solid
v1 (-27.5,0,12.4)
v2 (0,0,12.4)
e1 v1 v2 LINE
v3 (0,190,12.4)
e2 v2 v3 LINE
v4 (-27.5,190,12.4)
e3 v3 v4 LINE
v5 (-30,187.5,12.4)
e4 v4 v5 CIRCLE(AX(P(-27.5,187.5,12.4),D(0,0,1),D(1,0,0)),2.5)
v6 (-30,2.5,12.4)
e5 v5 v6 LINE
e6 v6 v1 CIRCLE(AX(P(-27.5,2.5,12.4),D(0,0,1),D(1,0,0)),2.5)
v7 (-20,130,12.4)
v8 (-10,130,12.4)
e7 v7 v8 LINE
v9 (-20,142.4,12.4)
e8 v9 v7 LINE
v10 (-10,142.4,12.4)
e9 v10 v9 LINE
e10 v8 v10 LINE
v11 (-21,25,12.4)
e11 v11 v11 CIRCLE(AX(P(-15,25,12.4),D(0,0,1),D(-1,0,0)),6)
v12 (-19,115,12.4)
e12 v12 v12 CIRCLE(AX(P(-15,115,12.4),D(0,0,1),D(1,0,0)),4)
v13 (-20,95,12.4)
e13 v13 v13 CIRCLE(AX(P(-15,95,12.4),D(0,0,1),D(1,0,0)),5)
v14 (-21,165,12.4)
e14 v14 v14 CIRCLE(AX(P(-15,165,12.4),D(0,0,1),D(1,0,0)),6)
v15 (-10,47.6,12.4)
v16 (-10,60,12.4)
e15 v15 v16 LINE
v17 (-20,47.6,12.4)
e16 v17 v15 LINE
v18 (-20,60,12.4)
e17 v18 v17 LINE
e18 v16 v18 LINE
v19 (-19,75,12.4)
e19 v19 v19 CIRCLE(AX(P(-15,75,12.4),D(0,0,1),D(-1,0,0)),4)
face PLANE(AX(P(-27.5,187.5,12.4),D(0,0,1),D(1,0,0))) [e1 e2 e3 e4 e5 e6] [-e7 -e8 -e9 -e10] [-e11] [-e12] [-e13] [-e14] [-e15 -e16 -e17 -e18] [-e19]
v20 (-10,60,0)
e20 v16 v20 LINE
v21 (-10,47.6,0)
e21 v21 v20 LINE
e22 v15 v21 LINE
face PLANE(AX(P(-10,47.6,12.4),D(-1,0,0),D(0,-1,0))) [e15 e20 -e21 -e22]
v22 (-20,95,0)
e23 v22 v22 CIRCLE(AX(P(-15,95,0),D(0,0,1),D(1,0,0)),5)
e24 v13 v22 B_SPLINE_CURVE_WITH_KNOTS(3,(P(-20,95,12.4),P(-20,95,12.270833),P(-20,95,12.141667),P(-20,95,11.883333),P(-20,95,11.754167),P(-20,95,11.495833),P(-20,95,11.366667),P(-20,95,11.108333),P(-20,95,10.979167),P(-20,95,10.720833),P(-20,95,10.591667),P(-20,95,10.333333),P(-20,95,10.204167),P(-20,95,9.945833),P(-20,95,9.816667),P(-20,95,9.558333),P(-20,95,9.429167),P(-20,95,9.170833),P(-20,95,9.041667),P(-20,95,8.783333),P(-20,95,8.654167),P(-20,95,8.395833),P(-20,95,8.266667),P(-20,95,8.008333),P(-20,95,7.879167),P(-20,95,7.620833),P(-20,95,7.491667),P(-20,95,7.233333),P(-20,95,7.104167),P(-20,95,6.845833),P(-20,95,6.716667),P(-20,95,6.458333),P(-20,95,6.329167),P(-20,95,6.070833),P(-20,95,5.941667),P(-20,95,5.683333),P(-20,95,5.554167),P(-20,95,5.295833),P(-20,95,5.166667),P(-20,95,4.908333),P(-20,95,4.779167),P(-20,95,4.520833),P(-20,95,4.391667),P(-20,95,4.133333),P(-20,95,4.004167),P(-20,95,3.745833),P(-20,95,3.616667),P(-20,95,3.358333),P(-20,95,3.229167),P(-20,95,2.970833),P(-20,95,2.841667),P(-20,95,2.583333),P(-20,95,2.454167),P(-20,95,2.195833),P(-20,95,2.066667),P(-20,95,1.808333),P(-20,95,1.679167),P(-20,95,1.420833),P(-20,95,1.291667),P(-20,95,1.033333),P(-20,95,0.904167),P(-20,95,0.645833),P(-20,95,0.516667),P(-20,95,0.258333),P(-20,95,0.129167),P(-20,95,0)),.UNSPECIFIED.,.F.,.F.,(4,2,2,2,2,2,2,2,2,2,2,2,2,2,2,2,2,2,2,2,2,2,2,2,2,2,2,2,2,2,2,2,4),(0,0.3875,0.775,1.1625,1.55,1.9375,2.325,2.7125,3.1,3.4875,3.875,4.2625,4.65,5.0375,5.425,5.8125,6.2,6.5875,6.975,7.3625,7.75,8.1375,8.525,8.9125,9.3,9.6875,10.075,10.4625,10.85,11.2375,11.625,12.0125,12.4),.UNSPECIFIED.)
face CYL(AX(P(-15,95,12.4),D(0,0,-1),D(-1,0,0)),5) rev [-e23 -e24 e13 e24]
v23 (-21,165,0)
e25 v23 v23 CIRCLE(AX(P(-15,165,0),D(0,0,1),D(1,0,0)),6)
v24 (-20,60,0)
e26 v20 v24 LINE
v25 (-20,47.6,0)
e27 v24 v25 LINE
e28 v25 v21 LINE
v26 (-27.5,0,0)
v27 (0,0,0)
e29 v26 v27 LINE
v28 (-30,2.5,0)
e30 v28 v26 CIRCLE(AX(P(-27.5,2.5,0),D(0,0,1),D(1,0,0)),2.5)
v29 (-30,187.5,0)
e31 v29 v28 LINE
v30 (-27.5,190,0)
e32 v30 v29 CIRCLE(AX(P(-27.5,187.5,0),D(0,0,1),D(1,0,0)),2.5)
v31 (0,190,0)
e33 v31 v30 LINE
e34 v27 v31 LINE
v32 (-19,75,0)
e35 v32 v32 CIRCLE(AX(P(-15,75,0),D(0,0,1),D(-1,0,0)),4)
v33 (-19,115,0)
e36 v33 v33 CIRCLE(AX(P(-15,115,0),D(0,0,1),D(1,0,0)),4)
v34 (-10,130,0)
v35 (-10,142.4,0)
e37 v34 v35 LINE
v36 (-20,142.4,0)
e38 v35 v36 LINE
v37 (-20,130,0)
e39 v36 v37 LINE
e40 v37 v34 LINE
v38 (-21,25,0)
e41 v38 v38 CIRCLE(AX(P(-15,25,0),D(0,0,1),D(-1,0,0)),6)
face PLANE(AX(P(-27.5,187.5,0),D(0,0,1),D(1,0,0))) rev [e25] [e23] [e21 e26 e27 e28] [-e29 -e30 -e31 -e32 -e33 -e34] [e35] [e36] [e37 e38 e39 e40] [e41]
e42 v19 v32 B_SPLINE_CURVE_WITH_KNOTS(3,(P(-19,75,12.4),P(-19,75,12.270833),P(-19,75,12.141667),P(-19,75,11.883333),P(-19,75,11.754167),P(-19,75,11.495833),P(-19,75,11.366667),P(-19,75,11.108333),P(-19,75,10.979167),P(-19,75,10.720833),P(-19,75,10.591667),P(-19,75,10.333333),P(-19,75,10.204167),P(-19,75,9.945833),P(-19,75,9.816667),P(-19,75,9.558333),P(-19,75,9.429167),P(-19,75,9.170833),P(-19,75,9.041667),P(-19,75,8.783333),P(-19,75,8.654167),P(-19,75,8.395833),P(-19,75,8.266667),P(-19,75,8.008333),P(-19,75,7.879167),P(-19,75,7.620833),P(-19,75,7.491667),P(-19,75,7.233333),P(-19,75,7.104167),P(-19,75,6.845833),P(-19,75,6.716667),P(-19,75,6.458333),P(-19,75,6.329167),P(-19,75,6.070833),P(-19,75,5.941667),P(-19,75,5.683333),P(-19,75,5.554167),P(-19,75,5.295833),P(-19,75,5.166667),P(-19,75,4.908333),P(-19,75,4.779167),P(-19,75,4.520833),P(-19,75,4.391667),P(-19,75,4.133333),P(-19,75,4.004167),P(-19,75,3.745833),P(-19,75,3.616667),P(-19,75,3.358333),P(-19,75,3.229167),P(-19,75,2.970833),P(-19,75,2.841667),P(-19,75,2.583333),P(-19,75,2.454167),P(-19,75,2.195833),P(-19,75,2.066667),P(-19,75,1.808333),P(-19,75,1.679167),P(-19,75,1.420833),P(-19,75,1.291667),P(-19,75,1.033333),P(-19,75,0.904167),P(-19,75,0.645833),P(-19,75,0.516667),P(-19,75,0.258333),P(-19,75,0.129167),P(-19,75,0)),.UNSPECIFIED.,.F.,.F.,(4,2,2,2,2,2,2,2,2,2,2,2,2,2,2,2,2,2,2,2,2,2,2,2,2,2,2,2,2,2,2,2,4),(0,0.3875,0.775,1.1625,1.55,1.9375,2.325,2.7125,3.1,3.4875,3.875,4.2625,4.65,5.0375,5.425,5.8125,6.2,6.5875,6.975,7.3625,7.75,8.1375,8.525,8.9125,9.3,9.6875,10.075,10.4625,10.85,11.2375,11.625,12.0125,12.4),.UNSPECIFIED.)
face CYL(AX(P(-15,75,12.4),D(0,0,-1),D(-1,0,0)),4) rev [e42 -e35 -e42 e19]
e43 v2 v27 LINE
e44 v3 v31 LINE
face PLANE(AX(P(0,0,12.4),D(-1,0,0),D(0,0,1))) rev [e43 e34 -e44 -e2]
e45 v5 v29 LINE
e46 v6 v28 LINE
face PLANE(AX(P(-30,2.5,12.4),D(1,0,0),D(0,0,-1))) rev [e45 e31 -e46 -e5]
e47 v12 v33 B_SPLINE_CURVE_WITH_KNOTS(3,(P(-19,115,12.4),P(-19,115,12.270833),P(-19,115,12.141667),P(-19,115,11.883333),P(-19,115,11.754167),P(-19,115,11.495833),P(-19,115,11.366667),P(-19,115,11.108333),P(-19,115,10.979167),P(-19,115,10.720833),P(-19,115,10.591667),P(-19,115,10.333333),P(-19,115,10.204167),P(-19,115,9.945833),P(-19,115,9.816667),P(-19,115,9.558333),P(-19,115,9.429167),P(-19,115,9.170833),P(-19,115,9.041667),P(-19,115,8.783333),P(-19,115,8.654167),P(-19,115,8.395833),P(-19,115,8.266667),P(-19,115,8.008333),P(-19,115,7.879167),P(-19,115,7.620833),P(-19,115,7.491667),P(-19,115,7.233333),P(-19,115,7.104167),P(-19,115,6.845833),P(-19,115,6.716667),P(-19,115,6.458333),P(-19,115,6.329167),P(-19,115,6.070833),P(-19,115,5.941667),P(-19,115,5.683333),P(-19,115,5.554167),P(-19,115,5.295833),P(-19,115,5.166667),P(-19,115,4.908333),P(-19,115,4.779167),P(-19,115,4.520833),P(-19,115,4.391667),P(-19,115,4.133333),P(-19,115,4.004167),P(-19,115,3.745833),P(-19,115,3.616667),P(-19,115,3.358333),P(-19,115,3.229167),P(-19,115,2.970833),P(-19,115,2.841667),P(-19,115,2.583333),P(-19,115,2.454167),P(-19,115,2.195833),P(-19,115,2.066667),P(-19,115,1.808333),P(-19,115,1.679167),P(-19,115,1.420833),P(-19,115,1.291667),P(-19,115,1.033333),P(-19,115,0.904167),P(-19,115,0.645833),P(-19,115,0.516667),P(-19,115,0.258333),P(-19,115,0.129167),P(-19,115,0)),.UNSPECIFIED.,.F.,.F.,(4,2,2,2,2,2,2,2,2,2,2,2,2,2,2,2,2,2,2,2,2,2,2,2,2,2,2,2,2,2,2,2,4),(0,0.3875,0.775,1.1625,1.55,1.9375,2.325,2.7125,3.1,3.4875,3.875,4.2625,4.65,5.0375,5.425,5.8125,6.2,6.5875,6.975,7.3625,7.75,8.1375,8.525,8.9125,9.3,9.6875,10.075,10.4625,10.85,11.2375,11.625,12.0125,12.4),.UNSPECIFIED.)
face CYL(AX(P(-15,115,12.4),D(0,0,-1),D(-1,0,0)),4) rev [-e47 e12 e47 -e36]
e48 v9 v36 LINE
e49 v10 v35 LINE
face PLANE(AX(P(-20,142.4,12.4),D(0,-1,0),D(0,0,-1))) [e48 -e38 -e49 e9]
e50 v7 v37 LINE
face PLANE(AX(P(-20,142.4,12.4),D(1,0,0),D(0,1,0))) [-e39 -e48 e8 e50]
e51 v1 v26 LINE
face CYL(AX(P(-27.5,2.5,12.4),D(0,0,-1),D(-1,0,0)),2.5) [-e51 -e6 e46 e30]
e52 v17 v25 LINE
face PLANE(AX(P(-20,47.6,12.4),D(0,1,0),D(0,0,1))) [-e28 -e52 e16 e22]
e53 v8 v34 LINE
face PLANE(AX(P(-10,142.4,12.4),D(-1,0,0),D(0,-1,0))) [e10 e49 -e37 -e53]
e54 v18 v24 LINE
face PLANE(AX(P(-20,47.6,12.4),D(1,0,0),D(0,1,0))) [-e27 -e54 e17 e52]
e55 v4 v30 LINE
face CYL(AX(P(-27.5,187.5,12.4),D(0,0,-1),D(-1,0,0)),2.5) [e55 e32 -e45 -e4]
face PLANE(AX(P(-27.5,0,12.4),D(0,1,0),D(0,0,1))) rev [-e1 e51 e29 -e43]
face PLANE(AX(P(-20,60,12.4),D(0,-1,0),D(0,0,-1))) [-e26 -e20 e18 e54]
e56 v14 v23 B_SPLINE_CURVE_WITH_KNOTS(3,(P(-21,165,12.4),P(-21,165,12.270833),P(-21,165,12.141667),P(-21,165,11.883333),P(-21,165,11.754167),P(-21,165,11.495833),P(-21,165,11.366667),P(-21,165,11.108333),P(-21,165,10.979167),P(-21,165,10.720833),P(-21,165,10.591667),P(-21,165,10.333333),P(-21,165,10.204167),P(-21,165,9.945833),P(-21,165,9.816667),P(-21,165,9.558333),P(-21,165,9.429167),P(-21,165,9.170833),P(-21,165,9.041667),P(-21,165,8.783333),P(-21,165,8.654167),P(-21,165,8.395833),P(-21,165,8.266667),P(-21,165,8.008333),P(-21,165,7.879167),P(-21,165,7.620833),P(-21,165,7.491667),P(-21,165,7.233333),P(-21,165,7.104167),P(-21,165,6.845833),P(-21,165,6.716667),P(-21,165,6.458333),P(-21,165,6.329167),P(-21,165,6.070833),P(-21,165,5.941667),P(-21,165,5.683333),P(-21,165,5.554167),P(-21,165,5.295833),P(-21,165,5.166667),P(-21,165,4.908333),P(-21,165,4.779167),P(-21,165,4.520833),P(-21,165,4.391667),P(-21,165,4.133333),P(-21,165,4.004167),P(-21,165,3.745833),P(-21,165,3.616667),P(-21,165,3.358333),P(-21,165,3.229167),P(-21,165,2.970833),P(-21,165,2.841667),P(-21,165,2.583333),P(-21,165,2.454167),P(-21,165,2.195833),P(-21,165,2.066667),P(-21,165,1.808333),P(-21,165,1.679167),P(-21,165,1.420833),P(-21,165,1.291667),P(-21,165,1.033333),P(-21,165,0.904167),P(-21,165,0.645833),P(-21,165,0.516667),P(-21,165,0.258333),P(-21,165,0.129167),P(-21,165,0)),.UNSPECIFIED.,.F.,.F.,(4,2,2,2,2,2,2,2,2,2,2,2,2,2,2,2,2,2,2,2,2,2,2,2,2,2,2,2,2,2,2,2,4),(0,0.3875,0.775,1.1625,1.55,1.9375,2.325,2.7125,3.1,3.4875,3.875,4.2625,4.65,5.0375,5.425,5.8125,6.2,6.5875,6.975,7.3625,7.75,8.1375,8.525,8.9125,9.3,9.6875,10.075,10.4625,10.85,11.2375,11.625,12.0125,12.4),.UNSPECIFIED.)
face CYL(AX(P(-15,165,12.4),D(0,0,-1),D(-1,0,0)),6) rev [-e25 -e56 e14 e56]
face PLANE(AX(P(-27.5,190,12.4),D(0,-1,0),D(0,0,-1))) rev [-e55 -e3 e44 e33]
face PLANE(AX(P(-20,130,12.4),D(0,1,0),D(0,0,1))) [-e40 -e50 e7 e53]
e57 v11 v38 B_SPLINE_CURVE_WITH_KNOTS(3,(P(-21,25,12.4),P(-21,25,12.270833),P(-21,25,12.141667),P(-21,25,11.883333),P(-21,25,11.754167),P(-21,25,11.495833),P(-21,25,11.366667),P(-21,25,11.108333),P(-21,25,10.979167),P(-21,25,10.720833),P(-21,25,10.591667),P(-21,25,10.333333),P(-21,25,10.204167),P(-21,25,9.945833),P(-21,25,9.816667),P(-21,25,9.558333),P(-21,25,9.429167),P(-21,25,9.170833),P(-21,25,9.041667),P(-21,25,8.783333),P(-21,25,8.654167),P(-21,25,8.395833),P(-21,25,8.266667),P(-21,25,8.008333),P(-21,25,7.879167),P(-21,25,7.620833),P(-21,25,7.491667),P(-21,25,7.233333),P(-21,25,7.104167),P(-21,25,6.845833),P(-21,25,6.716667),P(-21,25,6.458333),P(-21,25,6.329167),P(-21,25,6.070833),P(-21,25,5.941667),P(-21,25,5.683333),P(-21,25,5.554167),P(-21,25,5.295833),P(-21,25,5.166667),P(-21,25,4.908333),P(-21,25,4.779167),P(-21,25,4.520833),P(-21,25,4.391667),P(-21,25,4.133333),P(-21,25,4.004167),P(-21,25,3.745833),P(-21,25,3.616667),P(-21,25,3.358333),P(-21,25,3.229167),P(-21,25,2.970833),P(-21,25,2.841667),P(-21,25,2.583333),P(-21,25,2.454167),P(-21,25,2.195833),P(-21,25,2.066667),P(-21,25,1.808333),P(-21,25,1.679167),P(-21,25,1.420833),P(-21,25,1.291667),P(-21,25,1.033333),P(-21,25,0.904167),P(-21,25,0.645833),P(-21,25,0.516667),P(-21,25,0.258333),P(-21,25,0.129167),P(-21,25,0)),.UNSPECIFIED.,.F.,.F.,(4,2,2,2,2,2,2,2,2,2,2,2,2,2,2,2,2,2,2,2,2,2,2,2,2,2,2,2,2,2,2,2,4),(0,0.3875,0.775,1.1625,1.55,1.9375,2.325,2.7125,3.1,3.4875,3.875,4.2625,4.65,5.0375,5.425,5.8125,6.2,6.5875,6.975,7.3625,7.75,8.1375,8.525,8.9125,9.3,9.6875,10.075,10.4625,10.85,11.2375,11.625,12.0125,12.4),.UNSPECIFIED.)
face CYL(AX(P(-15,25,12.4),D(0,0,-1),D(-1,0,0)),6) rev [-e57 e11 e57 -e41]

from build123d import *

# Parameters (mm, degrees)
MODEL_R             = 6
MODEL_R_2           = 5
MODEL_R_3           = 4
MODEL_W             = 10
MODEL_H             = 12.4
BOSS_EXTRUDE1_DEPTH = 12.4


with BuildPart() as part:
    # Model → Boss-Extrude1 (new body)
    with BuildSketch(Plane.XY):
        with BuildLine():
            Line((-27.5, 0), (0, 0))
            Line((0, 0), (0, 190))
            Line((0, 190), (-27.5, 190))
            ThreePointArc((-27.5, 190), (-29.267766953, 189.267766953), (-30, 187.5))
            Line((-30, 187.5), (-30, 2.5))
            ThreePointArc((-30, 2.5), (-29.267766953, 0.732233047), (-27.5, 0))
        make_face()
        with Locations(Location((-15, 165, 0), (0, 0, 180))):
            Circle(MODEL_R, mode=Mode.SUBTRACT)
        with Locations(Location((-15, 95, 0), (0, 0, 180))):
            Circle(MODEL_R_2, mode=Mode.SUBTRACT)
        with Locations(Location((-15, 115, 0), (0, 0, 180))):
            Circle(MODEL_R_3, mode=Mode.SUBTRACT)
        with Locations(Location((-15, 25, 0), (0, 0, 180))):
            Circle(MODEL_R, mode=Mode.SUBTRACT)
        with Locations(Location((-15, 75, 0), (0, 0, 180))):
            Circle(MODEL_R_3, mode=Mode.SUBTRACT)
        with Locations((-15, 136.2)):
            Rectangle(MODEL_W, MODEL_H, mode=Mode.SUBTRACT)
        with Locations((-15, 53.8)):
            Rectangle(MODEL_W, MODEL_H, mode=Mode.SUBTRACT)
    extrude(amount=BOSS_EXTRUDE1_DEPTH)


solid = part.part
